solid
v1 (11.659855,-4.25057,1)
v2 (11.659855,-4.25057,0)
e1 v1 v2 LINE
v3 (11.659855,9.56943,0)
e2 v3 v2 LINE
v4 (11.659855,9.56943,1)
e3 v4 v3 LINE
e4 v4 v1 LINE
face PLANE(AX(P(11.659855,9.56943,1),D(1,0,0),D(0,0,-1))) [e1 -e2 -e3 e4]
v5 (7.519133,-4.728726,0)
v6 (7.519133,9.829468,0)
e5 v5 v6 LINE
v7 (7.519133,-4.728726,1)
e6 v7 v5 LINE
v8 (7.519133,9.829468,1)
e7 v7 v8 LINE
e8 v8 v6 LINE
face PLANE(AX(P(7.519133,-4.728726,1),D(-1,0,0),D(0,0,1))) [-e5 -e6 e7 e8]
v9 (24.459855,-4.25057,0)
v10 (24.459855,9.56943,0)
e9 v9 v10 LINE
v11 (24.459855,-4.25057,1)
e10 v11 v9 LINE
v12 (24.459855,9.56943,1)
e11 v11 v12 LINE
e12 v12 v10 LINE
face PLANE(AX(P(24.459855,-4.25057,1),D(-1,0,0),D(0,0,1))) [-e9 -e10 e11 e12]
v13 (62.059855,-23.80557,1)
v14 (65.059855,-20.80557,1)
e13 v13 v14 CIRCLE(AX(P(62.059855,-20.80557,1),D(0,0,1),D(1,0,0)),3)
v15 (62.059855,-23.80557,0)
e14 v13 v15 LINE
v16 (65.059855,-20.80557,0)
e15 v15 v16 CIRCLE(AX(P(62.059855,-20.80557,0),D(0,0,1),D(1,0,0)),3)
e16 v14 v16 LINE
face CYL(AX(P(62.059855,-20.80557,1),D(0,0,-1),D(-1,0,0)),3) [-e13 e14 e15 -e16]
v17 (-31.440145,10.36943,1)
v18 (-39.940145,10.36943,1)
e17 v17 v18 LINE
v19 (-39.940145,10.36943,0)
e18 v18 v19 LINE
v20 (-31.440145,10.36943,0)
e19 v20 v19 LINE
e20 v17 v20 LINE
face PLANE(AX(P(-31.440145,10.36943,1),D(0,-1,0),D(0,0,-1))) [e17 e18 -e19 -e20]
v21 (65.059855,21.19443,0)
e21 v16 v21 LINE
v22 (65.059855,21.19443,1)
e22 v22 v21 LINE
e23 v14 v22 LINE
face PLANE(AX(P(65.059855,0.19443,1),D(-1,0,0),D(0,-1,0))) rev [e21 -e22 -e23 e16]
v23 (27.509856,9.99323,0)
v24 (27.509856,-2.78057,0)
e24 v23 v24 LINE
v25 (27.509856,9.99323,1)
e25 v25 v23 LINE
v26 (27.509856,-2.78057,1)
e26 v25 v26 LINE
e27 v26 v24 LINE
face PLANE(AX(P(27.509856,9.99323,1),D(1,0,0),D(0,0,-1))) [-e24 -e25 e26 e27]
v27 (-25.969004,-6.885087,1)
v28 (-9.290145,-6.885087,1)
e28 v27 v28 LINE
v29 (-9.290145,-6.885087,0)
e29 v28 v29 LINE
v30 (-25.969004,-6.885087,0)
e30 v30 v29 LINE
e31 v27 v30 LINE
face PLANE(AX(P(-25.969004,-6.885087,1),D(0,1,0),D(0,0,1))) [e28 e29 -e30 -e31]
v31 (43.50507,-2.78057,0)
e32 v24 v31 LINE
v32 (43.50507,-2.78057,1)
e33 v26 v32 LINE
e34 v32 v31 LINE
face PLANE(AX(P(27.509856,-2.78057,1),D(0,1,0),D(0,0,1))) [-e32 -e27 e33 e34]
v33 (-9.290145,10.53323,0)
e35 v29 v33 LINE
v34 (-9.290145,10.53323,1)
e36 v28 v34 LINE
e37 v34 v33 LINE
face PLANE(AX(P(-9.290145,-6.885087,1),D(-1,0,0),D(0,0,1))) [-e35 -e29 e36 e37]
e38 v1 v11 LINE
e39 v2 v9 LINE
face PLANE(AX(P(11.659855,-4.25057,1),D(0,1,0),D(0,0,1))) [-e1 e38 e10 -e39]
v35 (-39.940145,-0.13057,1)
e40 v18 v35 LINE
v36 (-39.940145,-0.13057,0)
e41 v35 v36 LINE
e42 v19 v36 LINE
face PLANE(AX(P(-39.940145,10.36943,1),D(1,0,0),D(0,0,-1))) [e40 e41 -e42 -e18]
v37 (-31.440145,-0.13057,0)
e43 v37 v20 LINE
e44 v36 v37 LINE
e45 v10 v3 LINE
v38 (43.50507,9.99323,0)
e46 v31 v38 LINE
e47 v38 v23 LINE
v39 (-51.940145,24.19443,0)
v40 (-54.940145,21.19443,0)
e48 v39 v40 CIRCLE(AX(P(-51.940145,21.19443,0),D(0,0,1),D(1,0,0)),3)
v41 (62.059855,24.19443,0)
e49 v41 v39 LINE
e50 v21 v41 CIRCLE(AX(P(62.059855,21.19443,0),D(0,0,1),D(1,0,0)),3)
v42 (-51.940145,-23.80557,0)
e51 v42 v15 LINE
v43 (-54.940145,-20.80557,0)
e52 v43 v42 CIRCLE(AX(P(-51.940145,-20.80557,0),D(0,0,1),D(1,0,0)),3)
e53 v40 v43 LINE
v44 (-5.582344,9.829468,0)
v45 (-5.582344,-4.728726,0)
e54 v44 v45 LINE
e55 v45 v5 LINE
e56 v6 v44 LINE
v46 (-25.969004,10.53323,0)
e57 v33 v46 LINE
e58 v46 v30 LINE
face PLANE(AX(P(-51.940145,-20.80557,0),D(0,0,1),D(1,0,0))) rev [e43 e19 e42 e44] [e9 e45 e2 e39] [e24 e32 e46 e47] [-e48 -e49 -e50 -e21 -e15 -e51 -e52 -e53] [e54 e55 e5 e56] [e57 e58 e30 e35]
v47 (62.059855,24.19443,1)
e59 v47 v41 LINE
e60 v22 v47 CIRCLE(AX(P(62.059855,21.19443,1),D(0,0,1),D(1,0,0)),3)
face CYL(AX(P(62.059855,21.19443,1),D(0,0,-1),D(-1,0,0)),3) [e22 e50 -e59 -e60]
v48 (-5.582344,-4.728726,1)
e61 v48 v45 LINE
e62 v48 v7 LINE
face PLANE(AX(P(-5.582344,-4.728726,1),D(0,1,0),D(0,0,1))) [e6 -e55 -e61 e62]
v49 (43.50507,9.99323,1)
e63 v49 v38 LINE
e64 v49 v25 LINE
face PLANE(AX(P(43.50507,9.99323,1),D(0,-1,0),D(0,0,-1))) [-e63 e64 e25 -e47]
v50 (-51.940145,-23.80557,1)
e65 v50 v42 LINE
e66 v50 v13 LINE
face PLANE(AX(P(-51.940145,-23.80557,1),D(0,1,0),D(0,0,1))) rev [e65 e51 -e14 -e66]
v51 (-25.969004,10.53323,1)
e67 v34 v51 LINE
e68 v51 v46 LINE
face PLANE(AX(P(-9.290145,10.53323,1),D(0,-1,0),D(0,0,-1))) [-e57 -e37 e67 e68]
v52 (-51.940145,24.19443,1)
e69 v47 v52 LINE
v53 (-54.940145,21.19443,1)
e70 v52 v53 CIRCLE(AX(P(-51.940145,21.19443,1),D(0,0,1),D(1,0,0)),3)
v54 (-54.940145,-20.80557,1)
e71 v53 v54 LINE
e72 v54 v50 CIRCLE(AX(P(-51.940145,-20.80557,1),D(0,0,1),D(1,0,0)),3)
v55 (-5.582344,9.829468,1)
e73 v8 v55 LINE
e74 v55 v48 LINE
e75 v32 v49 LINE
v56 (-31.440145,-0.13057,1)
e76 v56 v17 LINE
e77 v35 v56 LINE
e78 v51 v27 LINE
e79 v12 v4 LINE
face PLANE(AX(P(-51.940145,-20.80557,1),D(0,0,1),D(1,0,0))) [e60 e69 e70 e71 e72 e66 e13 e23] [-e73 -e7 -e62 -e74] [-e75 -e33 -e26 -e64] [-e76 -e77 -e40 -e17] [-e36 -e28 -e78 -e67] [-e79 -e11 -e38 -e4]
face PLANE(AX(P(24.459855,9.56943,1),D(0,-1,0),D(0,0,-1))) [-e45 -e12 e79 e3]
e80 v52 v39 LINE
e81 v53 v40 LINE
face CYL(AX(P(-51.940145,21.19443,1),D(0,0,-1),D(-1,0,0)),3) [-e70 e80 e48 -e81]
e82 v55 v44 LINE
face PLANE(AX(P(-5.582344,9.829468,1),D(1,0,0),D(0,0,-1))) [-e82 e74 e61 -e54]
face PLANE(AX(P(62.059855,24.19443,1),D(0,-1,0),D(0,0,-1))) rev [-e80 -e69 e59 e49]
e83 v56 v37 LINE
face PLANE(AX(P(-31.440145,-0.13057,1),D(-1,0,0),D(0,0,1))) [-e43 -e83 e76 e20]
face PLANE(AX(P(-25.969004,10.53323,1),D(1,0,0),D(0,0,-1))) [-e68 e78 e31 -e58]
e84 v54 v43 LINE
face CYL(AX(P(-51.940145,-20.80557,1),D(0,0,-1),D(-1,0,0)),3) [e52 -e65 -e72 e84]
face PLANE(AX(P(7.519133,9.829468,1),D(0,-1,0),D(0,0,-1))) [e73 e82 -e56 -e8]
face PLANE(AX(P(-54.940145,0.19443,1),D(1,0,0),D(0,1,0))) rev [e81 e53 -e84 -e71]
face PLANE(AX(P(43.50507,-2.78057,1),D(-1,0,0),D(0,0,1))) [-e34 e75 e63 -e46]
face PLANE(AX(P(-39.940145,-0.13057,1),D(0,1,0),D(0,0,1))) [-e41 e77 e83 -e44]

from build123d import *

# Parameters (mm, degrees)
SKETCH1_W           = 13.101477715
SKETCH1_H           = 14.558194743
SKETCH1_W_2         = 8.5
SKETCH1_H_2         = 10.5
SKETCH1_W_3         = 16.678859494
SKETCH1_H_3         = 17.418317903
SKETCH1_W_4         = 15.995214615
SKETCH1_H_4         = 12.7738
SKETCH1_W_5         = 12.8
SKETCH1_H_5         = 13.82
BOSS_EXTRUDE1_DEPTH = 1


with BuildPart() as part:
    # Sketch1 → Boss-Extrude1 (new body)
    with BuildSketch(Plane.XY):
        with BuildLine():
            Line((-51.940144553, -23.805569529), (62.059855447, -23.805569529))
            ThreePointArc((62.059855447, -23.805569529), (64.18117579, -22.926889873), (65.059855447, -20.805569529))
            Line((65.059855447, -20.805569529), (65.059855447, 0.194430471))
            Line((65.059855447, 0.194430471), (65.059855447, 21.194430471))
            ThreePointArc((65.059855447, 21.194430471), (64.18117579, 23.315750814), (62.059855447, 24.194430471))
            Line((62.059855447, 24.194430471), (-51.940144553, 24.194430471))
            ThreePointArc((-51.940144553, 24.194430471), (-54.061464897, 23.315750814), (-54.940144553, 21.194430471))
            Line((-54.940144553, 21.194430471), (-54.940144553, 0.194430471))
            Line((-54.940144553, 0.194430471), (-54.940144553, -20.805569529))
            ThreePointArc((-54.940144553, -20.805569529), (-54.061464897, -22.926889873), (-51.940144553, -23.805569529))
        make_face()
        with Locations((0.968394625, 2.55037109)):
            Rectangle(SKETCH1_W, SKETCH1_H, mode=Mode.SUBTRACT)
        with Locations((-35.690144553, 5.119430471)):
            Rectangle(SKETCH1_W_2, SKETCH1_H_2, mode=Mode.SUBTRACT)
        with Locations((-17.6295743, 1.82407152)):
            Rectangle(SKETCH1_W_3, SKETCH1_H_3, mode=Mode.SUBTRACT)
        with Locations((35.50746287, 3.606330471)):
            Rectangle(SKETCH1_W_4, SKETCH1_H_4, mode=Mode.SUBTRACT)
        with Locations((18.059855447, 2.659430471)):
            Rectangle(SKETCH1_W_5, SKETCH1_H_5, mode=Mode.SUBTRACT)
    extrude(amount=BOSS_EXTRUDE1_DEPTH)


solid = part.part
